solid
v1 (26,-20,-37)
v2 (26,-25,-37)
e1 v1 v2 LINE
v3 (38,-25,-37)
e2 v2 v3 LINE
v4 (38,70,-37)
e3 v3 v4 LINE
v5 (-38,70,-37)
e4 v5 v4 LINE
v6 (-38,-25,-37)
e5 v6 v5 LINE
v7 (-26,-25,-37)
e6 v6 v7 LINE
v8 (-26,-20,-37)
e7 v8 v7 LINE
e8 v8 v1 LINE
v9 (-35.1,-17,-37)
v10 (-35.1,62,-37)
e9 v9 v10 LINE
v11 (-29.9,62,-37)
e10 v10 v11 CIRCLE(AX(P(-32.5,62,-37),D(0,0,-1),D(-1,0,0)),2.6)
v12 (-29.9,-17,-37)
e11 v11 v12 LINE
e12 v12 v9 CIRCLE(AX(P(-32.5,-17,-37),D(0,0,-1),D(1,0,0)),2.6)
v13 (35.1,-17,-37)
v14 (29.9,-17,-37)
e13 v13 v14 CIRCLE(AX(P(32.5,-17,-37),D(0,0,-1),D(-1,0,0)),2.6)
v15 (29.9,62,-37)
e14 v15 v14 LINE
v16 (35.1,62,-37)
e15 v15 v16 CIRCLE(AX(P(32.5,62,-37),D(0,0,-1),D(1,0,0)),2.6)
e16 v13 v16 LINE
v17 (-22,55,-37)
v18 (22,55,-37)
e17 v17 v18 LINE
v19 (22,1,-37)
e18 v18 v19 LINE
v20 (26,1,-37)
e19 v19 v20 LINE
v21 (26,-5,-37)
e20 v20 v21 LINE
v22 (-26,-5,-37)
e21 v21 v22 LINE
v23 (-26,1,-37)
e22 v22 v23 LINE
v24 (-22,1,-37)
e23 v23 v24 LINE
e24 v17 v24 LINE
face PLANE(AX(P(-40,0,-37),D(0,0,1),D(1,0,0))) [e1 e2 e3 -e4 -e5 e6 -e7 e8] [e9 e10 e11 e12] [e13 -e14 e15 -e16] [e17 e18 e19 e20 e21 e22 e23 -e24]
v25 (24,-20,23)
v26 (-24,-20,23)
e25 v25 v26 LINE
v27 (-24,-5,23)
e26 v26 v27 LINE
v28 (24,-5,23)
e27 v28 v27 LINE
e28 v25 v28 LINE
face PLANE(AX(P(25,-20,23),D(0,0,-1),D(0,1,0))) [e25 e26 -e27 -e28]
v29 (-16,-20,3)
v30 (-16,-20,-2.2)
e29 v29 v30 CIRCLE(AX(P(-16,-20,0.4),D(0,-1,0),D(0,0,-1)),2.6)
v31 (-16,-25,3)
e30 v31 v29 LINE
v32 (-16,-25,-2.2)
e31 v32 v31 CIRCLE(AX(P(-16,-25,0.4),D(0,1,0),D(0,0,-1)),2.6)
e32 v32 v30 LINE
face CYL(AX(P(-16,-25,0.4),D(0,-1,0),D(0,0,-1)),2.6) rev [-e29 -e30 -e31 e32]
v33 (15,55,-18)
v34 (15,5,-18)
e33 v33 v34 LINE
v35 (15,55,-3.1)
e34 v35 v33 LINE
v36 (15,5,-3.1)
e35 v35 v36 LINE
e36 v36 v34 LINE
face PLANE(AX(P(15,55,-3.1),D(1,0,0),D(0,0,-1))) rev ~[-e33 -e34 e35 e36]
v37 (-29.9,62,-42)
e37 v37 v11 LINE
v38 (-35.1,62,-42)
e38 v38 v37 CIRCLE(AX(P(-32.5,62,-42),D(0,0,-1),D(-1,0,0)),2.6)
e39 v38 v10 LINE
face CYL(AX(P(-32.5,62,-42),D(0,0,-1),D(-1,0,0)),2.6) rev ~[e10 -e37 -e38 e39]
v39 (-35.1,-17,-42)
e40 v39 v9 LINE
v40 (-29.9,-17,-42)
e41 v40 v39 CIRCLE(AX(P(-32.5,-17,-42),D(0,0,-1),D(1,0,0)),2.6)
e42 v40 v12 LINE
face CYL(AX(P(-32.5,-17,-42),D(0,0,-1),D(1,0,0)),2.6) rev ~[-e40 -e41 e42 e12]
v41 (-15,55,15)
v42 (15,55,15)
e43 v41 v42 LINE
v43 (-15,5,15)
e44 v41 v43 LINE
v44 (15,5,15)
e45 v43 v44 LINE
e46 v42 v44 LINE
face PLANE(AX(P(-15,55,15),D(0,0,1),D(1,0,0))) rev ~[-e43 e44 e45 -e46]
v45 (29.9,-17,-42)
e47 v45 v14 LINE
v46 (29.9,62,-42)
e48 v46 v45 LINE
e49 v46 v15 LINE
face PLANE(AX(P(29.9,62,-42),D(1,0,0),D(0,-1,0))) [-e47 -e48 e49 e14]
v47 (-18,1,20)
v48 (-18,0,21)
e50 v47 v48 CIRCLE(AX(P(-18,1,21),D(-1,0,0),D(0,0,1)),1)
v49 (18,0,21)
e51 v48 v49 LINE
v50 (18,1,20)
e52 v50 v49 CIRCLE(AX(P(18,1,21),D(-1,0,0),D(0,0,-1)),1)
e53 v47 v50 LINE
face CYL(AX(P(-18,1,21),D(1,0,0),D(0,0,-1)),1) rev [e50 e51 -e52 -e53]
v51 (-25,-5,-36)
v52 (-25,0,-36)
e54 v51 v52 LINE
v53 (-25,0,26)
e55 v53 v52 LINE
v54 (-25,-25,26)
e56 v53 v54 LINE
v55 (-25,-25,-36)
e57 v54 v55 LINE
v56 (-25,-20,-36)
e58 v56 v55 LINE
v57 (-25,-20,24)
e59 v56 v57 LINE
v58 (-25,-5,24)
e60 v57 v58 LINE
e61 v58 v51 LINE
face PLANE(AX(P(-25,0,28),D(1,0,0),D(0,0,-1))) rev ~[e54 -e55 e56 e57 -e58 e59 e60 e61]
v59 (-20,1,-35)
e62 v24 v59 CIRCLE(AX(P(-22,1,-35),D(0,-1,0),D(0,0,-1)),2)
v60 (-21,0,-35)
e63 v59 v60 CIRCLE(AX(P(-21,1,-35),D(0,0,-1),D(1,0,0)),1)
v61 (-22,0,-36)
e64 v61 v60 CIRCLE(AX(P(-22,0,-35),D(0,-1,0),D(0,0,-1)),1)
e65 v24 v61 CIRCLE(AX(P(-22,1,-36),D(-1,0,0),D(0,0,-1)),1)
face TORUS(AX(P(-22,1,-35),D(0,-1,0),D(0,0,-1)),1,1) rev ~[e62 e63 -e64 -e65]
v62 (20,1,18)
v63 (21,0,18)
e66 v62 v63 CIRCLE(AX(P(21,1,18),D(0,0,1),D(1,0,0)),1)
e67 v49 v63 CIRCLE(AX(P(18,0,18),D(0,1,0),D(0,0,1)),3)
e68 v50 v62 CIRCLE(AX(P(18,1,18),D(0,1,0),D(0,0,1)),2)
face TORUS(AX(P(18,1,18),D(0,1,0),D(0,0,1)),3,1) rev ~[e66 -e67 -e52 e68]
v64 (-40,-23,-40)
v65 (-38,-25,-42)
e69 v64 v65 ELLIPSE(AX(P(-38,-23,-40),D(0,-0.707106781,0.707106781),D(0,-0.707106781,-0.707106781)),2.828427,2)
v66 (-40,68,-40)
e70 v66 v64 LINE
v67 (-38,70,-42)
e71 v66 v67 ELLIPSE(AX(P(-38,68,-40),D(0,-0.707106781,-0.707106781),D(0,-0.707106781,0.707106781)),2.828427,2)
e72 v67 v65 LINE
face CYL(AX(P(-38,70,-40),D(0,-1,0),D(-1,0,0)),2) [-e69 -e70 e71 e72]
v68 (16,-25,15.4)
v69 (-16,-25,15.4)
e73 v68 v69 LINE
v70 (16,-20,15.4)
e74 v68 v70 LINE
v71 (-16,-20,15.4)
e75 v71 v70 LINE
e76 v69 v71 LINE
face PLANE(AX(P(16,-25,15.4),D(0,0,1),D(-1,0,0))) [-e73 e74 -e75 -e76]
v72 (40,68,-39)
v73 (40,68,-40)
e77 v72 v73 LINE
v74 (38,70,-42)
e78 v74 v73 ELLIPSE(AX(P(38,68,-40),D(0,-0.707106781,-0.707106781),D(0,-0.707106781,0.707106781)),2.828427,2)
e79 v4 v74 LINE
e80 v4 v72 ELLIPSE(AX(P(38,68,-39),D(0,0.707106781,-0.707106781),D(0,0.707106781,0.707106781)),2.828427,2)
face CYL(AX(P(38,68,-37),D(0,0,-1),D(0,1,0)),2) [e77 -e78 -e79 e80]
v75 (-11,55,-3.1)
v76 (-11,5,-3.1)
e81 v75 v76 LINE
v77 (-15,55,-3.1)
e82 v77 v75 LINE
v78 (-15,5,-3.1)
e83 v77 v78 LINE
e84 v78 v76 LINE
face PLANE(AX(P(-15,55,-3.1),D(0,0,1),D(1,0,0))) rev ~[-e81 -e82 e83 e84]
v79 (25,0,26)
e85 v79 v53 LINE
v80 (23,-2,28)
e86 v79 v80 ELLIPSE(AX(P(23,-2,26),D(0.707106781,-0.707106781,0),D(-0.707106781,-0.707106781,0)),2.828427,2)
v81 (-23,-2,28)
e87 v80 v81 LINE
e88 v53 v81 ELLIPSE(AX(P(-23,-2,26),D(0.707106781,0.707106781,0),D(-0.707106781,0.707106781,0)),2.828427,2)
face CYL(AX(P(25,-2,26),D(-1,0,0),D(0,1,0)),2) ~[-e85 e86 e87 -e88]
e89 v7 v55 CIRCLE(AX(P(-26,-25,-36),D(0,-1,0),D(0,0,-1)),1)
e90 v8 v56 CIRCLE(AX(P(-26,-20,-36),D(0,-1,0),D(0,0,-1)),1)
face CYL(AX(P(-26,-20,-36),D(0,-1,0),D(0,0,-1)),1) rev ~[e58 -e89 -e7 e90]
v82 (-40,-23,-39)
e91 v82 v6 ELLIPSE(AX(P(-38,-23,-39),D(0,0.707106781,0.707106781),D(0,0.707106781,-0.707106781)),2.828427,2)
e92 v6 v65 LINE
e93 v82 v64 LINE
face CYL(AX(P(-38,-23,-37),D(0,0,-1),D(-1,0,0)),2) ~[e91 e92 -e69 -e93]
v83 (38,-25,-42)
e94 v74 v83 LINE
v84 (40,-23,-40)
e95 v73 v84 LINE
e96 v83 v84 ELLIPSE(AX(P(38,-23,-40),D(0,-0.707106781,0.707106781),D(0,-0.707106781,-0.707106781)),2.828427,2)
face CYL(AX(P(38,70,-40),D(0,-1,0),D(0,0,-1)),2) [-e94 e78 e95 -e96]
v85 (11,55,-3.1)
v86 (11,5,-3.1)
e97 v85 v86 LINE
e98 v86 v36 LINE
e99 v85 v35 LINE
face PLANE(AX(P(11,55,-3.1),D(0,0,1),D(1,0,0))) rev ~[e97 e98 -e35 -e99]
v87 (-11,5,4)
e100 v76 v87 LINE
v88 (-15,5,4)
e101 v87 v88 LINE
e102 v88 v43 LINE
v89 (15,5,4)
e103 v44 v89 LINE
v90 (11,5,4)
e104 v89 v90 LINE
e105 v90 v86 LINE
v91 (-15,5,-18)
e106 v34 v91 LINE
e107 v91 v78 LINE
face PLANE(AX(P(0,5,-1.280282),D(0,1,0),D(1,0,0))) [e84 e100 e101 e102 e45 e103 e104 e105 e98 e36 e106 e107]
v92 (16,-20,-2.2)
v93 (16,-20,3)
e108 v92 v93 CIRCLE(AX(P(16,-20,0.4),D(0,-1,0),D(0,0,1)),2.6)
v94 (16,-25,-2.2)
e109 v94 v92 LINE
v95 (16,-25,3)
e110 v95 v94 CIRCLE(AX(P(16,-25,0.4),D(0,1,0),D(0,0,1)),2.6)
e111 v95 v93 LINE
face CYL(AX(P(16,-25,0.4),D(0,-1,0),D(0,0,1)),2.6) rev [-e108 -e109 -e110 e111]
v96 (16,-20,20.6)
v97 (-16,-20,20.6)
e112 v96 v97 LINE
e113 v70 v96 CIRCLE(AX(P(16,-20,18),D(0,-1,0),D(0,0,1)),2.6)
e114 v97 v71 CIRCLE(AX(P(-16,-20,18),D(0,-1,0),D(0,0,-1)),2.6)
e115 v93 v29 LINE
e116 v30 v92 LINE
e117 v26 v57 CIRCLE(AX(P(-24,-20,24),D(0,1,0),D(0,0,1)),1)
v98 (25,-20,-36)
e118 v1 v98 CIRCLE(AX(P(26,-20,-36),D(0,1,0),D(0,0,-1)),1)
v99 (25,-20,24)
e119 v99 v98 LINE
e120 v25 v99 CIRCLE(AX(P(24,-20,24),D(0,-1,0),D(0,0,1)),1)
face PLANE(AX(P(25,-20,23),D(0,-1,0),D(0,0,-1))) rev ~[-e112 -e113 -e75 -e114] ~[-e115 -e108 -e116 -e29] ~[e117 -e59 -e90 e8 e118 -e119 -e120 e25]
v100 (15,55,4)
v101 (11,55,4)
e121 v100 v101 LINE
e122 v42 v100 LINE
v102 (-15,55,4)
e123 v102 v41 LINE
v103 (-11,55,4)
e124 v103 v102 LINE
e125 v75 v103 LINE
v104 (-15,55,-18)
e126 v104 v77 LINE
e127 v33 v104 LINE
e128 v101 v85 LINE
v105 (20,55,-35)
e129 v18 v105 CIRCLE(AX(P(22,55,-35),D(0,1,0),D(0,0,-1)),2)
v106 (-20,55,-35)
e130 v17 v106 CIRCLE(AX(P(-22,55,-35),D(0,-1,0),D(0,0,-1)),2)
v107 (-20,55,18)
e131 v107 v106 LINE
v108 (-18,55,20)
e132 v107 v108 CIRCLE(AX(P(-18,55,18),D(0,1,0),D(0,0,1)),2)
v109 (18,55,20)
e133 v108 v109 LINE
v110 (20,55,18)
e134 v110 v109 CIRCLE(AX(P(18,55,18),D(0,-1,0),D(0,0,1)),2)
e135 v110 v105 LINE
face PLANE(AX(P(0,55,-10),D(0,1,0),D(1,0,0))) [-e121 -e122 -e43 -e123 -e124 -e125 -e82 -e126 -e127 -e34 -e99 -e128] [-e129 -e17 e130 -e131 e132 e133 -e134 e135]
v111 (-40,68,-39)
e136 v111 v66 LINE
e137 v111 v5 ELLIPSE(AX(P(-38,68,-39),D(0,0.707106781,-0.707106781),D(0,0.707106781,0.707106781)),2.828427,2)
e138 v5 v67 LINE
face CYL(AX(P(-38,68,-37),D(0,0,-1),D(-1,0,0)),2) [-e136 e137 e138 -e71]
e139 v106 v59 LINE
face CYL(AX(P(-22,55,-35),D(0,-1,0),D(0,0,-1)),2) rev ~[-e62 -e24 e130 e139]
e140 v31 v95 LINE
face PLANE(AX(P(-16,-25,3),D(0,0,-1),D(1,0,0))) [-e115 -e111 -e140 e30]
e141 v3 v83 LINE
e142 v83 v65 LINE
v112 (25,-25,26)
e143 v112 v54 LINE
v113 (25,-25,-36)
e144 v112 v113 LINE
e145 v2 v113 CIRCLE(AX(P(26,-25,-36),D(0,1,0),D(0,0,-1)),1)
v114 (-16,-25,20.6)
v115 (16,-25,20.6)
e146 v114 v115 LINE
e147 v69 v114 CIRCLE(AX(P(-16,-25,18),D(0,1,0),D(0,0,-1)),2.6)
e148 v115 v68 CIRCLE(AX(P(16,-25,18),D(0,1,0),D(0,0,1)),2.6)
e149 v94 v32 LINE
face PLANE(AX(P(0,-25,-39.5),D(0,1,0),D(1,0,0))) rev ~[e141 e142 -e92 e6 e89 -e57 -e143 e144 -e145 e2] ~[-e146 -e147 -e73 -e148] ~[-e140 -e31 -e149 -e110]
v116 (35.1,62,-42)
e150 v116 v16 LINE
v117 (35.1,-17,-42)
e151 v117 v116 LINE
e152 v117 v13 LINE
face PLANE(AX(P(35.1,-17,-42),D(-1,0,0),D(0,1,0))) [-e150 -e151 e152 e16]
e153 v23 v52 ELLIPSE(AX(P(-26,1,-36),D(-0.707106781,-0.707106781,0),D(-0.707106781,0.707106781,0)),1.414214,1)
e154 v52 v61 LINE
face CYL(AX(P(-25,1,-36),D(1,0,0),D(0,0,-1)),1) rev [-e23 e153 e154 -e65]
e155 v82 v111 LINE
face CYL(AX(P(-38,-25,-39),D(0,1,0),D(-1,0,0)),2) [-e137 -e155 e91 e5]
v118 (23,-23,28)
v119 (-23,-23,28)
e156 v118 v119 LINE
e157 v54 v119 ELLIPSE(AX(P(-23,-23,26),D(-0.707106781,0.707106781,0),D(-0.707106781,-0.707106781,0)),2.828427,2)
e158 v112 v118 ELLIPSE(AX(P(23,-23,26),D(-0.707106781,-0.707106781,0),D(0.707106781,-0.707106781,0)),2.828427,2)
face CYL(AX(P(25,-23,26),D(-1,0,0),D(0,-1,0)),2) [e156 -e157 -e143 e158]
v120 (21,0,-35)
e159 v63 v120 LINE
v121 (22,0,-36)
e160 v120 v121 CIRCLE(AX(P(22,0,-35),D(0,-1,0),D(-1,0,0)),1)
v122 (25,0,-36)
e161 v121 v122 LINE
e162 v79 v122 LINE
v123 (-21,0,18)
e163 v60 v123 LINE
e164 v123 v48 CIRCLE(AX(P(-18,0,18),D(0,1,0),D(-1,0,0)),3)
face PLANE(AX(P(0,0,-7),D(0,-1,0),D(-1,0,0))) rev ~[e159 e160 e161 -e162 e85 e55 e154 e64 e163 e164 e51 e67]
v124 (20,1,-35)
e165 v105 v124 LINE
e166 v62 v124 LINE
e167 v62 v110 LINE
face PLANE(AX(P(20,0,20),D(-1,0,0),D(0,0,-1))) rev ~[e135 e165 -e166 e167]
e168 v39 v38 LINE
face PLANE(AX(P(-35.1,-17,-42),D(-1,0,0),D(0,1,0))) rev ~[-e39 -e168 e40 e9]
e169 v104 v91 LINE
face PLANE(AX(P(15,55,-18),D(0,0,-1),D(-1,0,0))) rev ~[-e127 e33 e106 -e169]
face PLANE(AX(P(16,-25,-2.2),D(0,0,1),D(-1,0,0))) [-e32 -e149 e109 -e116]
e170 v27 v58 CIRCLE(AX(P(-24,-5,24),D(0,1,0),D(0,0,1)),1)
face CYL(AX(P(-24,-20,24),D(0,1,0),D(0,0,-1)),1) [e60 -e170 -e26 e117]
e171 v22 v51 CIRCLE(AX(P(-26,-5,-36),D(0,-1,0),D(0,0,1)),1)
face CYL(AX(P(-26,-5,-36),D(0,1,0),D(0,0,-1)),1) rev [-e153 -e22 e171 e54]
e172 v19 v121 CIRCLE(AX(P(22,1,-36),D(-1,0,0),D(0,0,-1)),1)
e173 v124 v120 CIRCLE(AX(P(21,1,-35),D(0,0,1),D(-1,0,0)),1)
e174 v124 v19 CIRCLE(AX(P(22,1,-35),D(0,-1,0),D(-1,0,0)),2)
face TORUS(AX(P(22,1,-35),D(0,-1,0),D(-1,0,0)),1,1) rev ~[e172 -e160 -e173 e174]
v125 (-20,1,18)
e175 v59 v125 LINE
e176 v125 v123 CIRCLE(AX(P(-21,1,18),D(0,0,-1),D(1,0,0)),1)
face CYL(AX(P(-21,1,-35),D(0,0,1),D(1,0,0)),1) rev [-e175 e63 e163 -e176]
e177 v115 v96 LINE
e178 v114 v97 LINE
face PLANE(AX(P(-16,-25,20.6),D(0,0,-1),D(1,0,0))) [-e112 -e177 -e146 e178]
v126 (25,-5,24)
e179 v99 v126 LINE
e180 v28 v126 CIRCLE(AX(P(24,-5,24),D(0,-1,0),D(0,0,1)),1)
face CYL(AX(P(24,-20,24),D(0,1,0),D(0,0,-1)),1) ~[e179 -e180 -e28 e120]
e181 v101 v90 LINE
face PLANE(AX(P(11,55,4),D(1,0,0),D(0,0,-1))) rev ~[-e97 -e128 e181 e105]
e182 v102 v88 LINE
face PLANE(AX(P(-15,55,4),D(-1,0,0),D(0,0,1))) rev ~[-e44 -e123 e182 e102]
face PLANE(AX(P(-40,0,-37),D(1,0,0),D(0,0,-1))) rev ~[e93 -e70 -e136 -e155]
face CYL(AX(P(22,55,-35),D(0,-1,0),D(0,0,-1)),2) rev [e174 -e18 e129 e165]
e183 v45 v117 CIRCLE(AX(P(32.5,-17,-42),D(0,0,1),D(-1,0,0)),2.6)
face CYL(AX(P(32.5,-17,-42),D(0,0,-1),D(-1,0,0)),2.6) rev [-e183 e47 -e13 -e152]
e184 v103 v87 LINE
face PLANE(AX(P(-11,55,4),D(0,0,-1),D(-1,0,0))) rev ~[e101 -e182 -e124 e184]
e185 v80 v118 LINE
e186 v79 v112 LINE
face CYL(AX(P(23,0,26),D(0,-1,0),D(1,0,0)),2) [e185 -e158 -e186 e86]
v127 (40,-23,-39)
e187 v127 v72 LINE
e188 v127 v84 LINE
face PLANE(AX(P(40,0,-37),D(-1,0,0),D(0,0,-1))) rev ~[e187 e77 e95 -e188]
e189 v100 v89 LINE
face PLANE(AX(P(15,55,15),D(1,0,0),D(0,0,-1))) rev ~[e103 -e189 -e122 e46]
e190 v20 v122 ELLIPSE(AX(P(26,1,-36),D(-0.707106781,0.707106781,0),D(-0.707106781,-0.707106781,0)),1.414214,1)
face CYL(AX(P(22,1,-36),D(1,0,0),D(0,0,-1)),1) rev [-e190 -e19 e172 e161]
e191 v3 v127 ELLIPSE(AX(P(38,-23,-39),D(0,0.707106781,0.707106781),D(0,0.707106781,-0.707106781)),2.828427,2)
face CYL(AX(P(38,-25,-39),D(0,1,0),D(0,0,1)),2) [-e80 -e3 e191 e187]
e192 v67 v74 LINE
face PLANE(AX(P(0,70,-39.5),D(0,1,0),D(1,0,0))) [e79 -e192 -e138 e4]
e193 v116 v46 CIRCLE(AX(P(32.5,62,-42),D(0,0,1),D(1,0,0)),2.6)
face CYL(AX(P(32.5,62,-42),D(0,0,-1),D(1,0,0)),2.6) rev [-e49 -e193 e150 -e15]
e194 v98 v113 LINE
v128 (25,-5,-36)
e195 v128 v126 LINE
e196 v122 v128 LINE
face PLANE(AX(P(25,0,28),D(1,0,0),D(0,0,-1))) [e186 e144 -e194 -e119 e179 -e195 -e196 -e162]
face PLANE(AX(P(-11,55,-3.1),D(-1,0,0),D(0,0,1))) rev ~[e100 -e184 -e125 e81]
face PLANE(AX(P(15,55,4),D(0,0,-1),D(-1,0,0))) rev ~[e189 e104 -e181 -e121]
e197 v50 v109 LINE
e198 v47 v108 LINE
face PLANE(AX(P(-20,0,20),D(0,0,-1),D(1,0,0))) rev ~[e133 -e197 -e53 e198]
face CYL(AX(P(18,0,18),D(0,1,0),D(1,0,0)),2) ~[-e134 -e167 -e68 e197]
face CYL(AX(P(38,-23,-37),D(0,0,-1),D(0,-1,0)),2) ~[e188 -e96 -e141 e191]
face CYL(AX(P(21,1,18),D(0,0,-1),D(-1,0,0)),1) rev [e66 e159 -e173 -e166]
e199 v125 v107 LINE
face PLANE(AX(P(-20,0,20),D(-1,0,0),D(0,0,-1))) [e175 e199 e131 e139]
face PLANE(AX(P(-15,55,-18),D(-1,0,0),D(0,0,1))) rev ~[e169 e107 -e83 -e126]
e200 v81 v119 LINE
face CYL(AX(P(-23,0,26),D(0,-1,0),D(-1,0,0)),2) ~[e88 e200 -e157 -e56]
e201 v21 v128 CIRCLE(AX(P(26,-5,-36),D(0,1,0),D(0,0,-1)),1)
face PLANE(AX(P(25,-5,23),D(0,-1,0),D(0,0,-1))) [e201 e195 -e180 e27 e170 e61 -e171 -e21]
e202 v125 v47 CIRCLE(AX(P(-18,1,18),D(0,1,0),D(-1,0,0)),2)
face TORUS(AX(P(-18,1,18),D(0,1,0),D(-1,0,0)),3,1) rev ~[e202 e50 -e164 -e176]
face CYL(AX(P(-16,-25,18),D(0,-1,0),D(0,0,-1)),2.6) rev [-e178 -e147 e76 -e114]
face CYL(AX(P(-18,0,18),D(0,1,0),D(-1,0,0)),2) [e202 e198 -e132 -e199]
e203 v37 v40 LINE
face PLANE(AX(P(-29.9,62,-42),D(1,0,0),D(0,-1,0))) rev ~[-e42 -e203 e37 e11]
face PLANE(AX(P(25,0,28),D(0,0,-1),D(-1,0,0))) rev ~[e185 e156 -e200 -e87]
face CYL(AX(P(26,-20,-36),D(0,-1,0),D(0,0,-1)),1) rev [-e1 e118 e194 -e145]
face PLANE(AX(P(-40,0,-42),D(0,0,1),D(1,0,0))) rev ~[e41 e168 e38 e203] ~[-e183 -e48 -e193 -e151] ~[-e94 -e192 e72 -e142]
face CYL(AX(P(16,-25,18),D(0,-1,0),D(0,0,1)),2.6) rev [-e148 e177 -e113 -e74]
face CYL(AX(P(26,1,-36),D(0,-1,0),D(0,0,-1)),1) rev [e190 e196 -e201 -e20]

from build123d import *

# Parameters (mm, degrees)
SKETCH_1_W           = 40
SKETCH_1_H           = 60
EXTRUDE_1_DEPTH      = 55
CUT_EXTRUDE_1_DEPTH  = 50
SKETCH_6_W           = 50
SKETCH_6_H           = 70
EXTRUDE_2_DEPTH      = 25
SKETCH_7_W           = 60
SKETCH_7_H           = 15
CUT_EXTRUDE_2_DEPTH  = 51
CUT_EXTRUDE_3_REACH  = 82
SKETCH_10_W          = 80
SKETCH_10_H          = 5
EXTRUDE_3_DEPTH      = 70
EXTRUDE_3_DEPTH_BACK = 25
CUT_EXTRUDE_4_REACH  = 72
FILLET_1_R           = 2
FILLET_2_R           = 1
FILLET_3_R           = 1


with BuildPart() as part:
    # 草图1 → 凸台-拉伸1 (new body)
    with BuildSketch(Plane(origin=(0, 0, 0), x_dir=(1, 0, 0), z_dir=(0, 1, 0))):
        with Locations((0, 10)):
            Rectangle(SKETCH_1_W, SKETCH_1_H)
    extrude(amount=EXTRUDE_1_DEPTH)

    # 草图2 → 切除-拉伸1 (cut)
    with BuildSketch(Plane(origin=(0, 55, 0), x_dir=(1, 0, 0), z_dir=(0, 1, 0))):
        Polygon((-15, 15), (-15, 3.1), (-11, 3.1), (-11, -4), (-15, -4), (-15, -15), (15, -15), (15, -4), (11, -4), (11, 3.1), (15, 3.1), (15, 15), (15, 18), (-15, 18), align=None)
    extrude(amount=-CUT_EXTRUDE_1_DEPTH, mode=Mode.SUBTRACT)

    # 草图6 → 凸台-拉伸2 (add)
    with BuildSketch(Plane(origin=(0, 0, 0), x_dir=(-1, 0, 0), z_dir=(0, -1, 0))):
        with Locations((0, 7)):
            Rectangle(SKETCH_6_W, SKETCH_6_H)
    extrude(amount=EXTRUDE_2_DEPTH)

    # 草图7 → 切除-拉伸2 (cut, through all)
    with BuildSketch(Plane(origin=(25, 0, 0), x_dir=(0, 0, -1), z_dir=(1, 0, 0))):
        with Locations((7, -12.5)):
            Rectangle(SKETCH_7_W, SKETCH_7_H)
    extrude(amount=-CUT_EXTRUDE_2_DEPTH, mode=Mode.SUBTRACT)

    # 草图8 → 切除-拉伸3 (cut, up to next)
    with BuildSketch(Plane.XZ.offset(25), mode=Mode.PRIVATE) as cut_extrude_3_sk1:
        with BuildLine():
            Line((-16, 20.6), (16, 20.6))
            ThreePointArc((16, 20.6), (18.6, 18), (16, 15.4))
            Line((16, 15.4), (-16, 15.4))
            ThreePointArc((-16, 15.4), (-18.6, 18), (-16, 20.6))
        make_face()
    cut_extrude_3_tool1 = extrude(cut_extrude_3_sk1.sketch, amount=-CUT_EXTRUDE_3_REACH, mode=Mode.PRIVATE) & part.part
    add(cut_extrude_3_tool1.solids().sort_by_distance((0, -25, 18))[0], mode=Mode.SUBTRACT)
    # 草图8 → 切除-拉伸3 (cut, up to next)
    with BuildSketch(Plane.XZ.offset(25), mode=Mode.PRIVATE) as cut_extrude_3_sk2:
        with BuildLine():
            Line((-16, 3), (16, 3))
            ThreePointArc((16, 3), (18.6, 0.4), (16, -2.2))
            Line((16, -2.2), (-16, -2.2))
            ThreePointArc((-16, -2.2), (-18.6, 0.4), (-16, 3))
        make_face()
    cut_extrude_3_tool2 = extrude(cut_extrude_3_sk2.sketch, amount=-CUT_EXTRUDE_3_REACH, mode=Mode.PRIVATE) & part.part
    add(cut_extrude_3_tool2.solids().sort_by_distance((0, -25, 0.4))[0], mode=Mode.SUBTRACT)

    # 草图10 → 凸台-拉伸3 (add, two sides)
    with BuildSketch(Plane(origin=(0, 0, 0), x_dir=(1, 0, 0), z_dir=(0, 1, 0))) as extrude_3_sk:
        with Locations((0, 39.5)):
            Rectangle(SKETCH_10_W, SKETCH_10_H)
    extrude(amount=EXTRUDE_3_DEPTH)
    extrude(extrude_3_sk.sketch, amount=-EXTRUDE_3_DEPTH_BACK)

    # 草图11 → 切除-拉伸4 (cut, up to next)
    with BuildSketch(Plane(origin=(0, 0, -42), x_dir=(-1, 0, 0), z_dir=(0, 0, -1)), mode=Mode.PRIVATE) as cut_extrude_4_sk1:
        with BuildLine():
            Line((-29.9, 62), (-29.9, -17))
            ThreePointArc((-29.9, -17), (-32.5, -19.6), (-35.1, -17))
            Line((-35.1, -17), (-35.1, 62))
            ThreePointArc((-35.1, 62), (-32.5, 64.6), (-29.9, 62))
        make_face()
    cut_extrude_4_tool1 = extrude(cut_extrude_4_sk1.sketch, amount=-CUT_EXTRUDE_4_REACH, mode=Mode.PRIVATE) & part.part
    add(cut_extrude_4_tool1.solids().sort_by_distance((32.5, 22.5, -42))[0], mode=Mode.SUBTRACT)
    # 草图11 → 切除-拉伸4 (cut, up to next)
    with BuildSketch(Plane(origin=(0, 0, -42), x_dir=(-1, 0, 0), z_dir=(0, 0, -1)), mode=Mode.PRIVATE) as cut_extrude_4_sk2:
        with BuildLine():
            Line((29.9, 62), (29.9, -17))
            ThreePointArc((29.9, -17), (32.5, -19.6), (35.1, -17))
            Line((35.1, -17), (35.1, 62))
            ThreePointArc((35.1, 62), (32.5, 64.6), (29.9, 62))
        make_face()
    cut_extrude_4_tool2 = extrude(cut_extrude_4_sk2.sketch, amount=-CUT_EXTRUDE_4_REACH, mode=Mode.PRIVATE) & part.part
    add(cut_extrude_4_tool2.solids().sort_by_distance((-32.5, 22.5, -42))[0], mode=Mode.SUBTRACT)

    # 圆角1
    fillet_1_edges = [part.edges().sort_by_distance(p)[0] for p in [
        (-40, 22.5, -42),
        (40, 22.5, -37),
        (20, 27.5, -37),
        (-20, 27.5, -37),
        (-40, 22.5, -37),
        (-40, -25, -39.5),
        (40, 22.5, -42),
        (40, -25, -39.5),
        (-40, 70, -39.5),
        (40, 70, -39.5),
        (0, 0, 28),
        (25, -12.5, 28),
        (-25, -12.5, 28),
        (0, -25, 28),
        (20, 27.5, 20),
        (-20, 27.5, 20),
    ]]
    fillet(fillet_1_edges, radius=FILLET_1_R)

    # 圆角2
    fillet_2_edges = [part.edges().sort_by_distance(p)[0] for p in [
        (-23.5, 0, -37),
        (23.5, 0, -37),
        (20, 0, -8.5),
        (0, 0, 20),
        (-20, 0, -8.5),
        (-20.585786438, 0, -36.414213562),
        (20.585786438, 0, -36.414213562),
        (19.414213562, 0, 19.414213562),
        (-19.414213562, 0, 19.414213562),
    ]]
    fillet(fillet_2_edges, radius=FILLET_2_R)

    # 圆角3
    fillet_3_edges = [part.edges().sort_by_distance(p)[0] for p in [
        (25, -12.5, 23),
        (-25, -12.5, 23),
        (-25, -22.5, -37),
        (-25, -2.5, -37),
        (25, -22.5, -37),
        (25, -2.5, -37),
    ]]
    fillet(fillet_3_edges, radius=FILLET_3_R)


solid = part.part
